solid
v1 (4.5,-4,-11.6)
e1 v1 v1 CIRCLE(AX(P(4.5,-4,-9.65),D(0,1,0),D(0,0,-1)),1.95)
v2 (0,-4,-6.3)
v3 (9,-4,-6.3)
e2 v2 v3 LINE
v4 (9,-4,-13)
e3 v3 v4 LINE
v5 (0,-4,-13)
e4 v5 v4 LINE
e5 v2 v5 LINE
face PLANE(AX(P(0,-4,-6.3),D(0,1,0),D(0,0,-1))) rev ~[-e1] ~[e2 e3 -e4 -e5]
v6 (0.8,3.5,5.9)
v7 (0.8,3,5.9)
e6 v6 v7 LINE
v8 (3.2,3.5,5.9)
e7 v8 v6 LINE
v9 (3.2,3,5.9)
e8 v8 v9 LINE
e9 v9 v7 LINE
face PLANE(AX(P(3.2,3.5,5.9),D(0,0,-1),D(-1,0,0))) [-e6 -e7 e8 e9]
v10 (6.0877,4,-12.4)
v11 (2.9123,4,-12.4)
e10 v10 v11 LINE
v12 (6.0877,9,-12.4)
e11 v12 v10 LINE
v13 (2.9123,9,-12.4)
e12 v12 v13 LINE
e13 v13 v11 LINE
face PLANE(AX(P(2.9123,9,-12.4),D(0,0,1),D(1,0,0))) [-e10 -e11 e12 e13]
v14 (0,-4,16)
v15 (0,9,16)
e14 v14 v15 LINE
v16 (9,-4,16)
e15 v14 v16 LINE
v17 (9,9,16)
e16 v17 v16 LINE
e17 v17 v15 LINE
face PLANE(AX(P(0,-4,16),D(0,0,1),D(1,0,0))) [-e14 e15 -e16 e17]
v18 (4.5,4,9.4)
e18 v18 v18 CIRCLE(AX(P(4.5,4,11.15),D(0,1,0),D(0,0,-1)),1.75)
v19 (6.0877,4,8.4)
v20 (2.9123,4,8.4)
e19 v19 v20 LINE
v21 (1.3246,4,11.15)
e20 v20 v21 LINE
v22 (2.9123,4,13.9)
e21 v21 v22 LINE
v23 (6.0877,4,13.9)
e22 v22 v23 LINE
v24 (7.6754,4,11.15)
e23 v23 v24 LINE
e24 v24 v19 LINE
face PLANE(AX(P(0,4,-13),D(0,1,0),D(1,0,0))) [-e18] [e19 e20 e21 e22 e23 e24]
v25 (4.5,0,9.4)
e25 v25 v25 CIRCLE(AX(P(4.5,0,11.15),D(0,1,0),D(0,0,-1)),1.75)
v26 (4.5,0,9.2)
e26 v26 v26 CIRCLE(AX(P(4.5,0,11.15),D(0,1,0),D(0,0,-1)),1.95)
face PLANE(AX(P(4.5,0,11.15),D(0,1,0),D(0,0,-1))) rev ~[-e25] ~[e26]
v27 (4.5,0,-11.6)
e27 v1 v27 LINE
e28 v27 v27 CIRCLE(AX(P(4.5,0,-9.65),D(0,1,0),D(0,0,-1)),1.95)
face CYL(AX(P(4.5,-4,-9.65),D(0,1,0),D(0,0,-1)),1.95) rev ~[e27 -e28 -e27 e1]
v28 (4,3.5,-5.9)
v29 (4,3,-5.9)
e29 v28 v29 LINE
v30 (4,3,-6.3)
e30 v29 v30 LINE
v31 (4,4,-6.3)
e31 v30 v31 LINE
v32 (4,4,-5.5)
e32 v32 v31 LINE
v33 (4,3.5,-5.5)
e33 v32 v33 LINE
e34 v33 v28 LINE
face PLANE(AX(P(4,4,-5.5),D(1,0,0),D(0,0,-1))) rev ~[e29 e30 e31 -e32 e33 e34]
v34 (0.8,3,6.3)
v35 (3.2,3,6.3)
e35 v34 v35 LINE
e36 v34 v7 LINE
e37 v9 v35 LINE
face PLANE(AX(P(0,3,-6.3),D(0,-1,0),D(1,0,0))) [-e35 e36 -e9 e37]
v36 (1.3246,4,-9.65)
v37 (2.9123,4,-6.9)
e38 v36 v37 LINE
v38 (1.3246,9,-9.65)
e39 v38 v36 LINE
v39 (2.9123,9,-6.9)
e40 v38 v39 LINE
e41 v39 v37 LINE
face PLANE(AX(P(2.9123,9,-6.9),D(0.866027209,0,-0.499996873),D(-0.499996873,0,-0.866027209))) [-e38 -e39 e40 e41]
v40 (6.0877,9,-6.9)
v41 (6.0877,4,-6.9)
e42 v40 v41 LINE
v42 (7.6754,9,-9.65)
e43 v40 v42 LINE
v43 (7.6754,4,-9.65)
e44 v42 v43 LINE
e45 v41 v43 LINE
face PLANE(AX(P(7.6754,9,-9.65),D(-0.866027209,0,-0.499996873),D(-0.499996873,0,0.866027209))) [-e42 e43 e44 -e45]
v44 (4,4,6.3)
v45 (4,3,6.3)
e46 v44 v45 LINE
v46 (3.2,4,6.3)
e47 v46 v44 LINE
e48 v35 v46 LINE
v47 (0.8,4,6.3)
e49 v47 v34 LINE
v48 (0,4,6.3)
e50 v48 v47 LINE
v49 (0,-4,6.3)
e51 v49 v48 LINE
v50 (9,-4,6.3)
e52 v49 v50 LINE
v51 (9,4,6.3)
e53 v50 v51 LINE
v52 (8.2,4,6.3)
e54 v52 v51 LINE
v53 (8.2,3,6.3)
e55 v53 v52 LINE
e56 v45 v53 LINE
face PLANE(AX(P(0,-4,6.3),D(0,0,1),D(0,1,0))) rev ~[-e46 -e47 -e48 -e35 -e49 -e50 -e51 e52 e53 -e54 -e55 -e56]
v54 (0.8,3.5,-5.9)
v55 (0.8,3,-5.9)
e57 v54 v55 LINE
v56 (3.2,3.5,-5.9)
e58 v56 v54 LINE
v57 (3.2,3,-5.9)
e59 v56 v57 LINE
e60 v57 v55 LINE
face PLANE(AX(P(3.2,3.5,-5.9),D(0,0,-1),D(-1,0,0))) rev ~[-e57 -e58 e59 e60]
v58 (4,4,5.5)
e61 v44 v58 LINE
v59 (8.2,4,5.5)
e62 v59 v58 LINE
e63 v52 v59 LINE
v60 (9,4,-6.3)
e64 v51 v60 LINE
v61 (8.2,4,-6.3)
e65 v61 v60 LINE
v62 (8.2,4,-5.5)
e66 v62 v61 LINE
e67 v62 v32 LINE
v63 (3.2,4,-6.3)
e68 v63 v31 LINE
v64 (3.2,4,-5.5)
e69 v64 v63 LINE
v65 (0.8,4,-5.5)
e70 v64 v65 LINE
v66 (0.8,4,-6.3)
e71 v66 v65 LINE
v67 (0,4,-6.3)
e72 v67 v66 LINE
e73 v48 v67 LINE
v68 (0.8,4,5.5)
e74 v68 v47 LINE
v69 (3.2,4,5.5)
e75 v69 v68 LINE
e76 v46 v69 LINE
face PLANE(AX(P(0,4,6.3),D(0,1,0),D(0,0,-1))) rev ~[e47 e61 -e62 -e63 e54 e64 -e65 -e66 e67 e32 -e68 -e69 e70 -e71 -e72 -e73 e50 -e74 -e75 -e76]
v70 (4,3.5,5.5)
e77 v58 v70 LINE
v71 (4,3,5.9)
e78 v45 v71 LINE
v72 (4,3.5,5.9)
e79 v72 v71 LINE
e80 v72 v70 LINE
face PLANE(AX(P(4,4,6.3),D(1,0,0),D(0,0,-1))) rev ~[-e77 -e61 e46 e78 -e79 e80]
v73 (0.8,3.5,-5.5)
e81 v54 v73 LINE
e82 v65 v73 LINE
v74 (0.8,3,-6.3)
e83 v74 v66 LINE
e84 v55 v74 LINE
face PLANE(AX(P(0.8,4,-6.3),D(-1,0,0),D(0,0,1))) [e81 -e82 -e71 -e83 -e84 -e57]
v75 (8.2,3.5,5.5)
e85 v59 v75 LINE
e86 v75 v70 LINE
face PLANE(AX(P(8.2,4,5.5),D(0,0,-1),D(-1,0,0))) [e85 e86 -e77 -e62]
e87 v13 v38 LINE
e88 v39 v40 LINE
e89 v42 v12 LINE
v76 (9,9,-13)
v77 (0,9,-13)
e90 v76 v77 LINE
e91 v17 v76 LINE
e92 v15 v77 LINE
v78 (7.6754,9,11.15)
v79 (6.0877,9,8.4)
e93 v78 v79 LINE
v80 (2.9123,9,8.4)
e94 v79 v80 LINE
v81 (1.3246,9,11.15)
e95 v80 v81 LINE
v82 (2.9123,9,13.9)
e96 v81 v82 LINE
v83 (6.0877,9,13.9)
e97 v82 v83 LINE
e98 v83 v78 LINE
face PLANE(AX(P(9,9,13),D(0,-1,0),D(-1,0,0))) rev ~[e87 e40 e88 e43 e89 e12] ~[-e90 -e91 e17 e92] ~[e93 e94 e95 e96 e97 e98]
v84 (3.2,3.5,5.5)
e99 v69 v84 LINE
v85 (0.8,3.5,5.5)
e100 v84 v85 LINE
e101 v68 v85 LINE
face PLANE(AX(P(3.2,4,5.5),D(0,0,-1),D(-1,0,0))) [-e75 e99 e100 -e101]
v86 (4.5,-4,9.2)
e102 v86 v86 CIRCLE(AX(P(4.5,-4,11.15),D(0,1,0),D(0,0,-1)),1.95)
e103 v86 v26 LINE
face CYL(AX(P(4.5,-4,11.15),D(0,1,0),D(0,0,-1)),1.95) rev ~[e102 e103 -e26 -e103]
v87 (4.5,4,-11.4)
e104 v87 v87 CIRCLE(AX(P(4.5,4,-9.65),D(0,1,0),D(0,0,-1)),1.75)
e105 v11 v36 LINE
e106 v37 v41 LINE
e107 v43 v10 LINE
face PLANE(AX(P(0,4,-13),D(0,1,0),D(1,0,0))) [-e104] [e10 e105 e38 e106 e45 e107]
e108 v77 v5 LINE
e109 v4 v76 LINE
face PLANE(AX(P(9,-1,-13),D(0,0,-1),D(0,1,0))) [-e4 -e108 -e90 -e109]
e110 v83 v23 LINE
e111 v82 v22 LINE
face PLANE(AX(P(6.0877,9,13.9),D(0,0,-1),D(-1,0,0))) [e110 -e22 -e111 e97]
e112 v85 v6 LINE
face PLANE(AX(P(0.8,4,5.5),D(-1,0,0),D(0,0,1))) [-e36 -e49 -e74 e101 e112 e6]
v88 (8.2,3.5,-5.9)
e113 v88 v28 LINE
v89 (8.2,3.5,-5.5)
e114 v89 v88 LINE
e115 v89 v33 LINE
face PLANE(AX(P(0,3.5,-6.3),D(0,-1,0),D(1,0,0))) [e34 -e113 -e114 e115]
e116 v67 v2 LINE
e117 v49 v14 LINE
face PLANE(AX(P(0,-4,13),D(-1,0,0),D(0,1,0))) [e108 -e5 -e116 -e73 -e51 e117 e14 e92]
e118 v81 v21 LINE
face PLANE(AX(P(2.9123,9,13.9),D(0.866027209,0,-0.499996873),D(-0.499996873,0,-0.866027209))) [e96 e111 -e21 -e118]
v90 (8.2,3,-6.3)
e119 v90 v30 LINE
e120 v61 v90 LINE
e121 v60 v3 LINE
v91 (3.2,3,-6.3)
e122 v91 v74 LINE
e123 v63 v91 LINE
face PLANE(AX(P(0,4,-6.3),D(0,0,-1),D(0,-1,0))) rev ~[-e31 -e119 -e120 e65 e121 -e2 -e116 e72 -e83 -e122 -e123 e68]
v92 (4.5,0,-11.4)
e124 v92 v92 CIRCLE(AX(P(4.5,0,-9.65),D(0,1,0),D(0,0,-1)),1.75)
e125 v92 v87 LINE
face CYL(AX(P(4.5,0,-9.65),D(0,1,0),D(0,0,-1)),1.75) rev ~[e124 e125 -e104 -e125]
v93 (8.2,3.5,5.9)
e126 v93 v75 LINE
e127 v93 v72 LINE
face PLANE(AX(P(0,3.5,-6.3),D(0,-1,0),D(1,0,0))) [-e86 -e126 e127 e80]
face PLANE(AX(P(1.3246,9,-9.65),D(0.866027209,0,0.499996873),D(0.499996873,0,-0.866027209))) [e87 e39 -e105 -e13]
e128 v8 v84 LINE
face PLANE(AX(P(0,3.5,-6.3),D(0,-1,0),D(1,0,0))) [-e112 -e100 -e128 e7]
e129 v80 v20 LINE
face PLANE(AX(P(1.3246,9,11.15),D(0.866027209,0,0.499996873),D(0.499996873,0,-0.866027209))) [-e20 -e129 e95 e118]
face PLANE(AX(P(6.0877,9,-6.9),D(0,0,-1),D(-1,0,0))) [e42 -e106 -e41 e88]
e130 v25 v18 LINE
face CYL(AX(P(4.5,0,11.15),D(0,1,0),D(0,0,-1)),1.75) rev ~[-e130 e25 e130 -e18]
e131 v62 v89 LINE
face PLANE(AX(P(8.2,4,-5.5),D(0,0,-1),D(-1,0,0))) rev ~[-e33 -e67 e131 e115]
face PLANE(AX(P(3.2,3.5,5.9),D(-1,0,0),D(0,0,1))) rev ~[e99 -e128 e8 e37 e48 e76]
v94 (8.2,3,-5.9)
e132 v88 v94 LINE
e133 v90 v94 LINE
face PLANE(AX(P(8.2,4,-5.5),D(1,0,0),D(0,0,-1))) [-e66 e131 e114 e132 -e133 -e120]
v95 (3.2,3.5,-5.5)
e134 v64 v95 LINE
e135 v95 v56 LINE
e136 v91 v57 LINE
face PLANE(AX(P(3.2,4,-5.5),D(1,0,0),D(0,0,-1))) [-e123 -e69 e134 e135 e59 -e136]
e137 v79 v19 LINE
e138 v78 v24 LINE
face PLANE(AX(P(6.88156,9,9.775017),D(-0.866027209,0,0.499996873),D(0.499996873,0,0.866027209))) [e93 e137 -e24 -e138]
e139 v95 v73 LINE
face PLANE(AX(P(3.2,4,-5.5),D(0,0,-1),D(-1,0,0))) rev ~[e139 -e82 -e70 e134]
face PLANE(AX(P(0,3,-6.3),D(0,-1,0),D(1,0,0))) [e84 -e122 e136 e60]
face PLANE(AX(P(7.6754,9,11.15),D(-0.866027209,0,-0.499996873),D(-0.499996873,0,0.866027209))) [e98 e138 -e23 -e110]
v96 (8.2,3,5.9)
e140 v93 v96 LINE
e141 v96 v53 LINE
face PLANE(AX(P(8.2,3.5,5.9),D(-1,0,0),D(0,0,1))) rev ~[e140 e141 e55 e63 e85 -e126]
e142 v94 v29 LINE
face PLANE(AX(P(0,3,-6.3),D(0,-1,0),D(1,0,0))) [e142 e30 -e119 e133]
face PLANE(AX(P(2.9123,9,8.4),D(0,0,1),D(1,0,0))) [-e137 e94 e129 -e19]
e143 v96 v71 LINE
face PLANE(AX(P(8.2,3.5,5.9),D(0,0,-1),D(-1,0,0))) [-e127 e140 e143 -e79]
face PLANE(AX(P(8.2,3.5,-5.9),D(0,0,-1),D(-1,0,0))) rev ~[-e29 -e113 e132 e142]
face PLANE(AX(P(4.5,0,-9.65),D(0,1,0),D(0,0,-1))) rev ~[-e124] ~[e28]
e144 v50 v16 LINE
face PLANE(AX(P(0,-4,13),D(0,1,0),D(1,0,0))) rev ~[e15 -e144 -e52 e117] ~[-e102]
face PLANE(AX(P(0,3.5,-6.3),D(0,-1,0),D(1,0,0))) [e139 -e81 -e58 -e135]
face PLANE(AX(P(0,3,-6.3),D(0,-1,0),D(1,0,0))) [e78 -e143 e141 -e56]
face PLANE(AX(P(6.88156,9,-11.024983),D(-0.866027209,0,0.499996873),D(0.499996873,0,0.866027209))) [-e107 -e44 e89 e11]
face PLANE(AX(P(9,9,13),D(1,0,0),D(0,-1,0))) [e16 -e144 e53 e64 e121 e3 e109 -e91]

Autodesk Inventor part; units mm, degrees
ref_plane "YZ Plane" through (0, 0, 0) normal (1, 0, 0) x (0, 1, 0)
ref_plane "XZ Plane" through (0, 0, 0) normal (0, 1, 0) x (-1, 0, 0)
ref_plane "XY Plane" through (0, 0, 0) normal (0, 0, 1) x (1, 0, 0)
sketch "Szkic1" plane through (0, 0, 0) normal (1, 0, 0) x (0, 1, 0)
  line L0 (-4, 6.3) -> (4, 6.3)
  line L1 (4, 6.3) -> (4, -6.3)
  line L2 (4, -6.3) -> (-4, -6.3)
  line L3 (-4, 6.3) -> (-4, 13)
  line L4 (-4, -6.3) -> (-4, -13)
  line L5 (-1, -13) -> (-1, -9.3)
  line L6 (-1, -9.3) -> (7, -9.3)
  line L7 (7, -9.3) -> (7, 9.3)
  line L8 (7, 9.3) -> (-1, 9.3)
  line L9 (-1, 9.3) -> (-1, 13)
  line L10 (-4, 13) -> (-1, 13)
  line L11 (-4, -13) -> (-1, -13)
  point P0 (0, 0)
  point P1 (0, 6.3)
  point P2 (4, 0)
  dimension "d0" = 8
  dimension "d1" = 12.6
  dimension "d2" = 6.7
  dimension "d3" = 6.7
  dimension "d4" = 3
extrude "Wyciągnięcie proste1" add sketch "Szkic1" along normal blind 9
sketch "Szkic2" plane through (0, 4, -6.3) normal (0, -1, 0) x (1, 0, 0)
  line L0 (0, 12.6) -> (0, 0) projected
  line L1 (0, 0) -> (9, 0) projected
  line L2 (9, 12.6) -> (9, 0) projected
  line L3 (0, 12.6) -> (9, 12.6) projected
  line L4 (8.2, 12.6) -> (8.2, 0)
  line L5 (4, 12.6) -> (4, 0)
  line L6 (3.2, 12.6) -> (3.2, 0)
  line L7 (0.8, 0) -> (0.8, 12.6)
  line L8 (0.8, 12.6) -> (3.2, 12.6)
  line L9 (3.2, 12.6) -> (3.2, 11.8)
  line L10 (3.2, 11.8) -> (0.8, 11.8)
  line L11 (0.8, 11.8) -> (0.8, 12.6)
  line L12 (0.8, 0) -> (3.2, 0)
  line L13 (3.2, 0) -> (3.2, 0.8)
  line L14 (3.2, 0.8) -> (0.8, 0.8)
  line L15 (0.8, 0.8) -> (0.8, 0)
  line L16 (4, 12.6) -> (8.2, 12.6)
  line L17 (8.2, 12.6) -> (8.2, 11.8)
  line L18 (8.2, 11.8) -> (4, 11.8)
  line L19 (4, 11.8) -> (4, 12.6)
  line L20 (4, 0) -> (8.2, 0)
  line L21 (8.2, 0) -> (8.2, 0.8)
  line L22 (8.2, 0.8) -> (4, 0.8)
  line L23 (4, 0.8) -> (4, 0)
  point P0 (0, 6.3)
  point P1 (4, 0.8)
  point P2 (0.8, 0.8)
  point P3 (0.8, 11.8)
  dimension "d7" = 0.8
  dimension "d8" = 4.2
  dimension "d9" = 0.8
  dimension "d10" = 2.4
  dimension "d11" = 0.8
  dimension "d12" = 0.8
  dimension "d13" = 0.8
  dimension "d14" = 0.8
extrude "Wyciągnięcie proste2" add sketch "Szkic2" along normal blind 0.5 contours L3 L6 L10 L7 | L7 L14 L6 L1 | L3 L4 L18 L5 | L5 L22 L4 L1
sketch "Szkic3" plane through (0, 3.5, -6.3) normal (0, -1, 0) x (1, 0, 0)
  line L0 (8.2, 11.8) -> (8.2, 12.6) projected
  line L1 (4, 12.6) -> (8.2, 12.6) projected
  line L2 (4, 12.6) -> (4, 11.8) projected
  line L3 (4, 11.8) -> (8.2, 11.8) projected
  line L4 (3.2, 11.8) -> (3.2, 12.6) projected
  line L5 (0.8, 12.6) -> (3.2, 12.6) projected
  line L6 (0.8, 12.6) -> (0.8, 11.8) projected
  line L7 (0.8, 11.8) -> (3.2, 11.8) projected
  line L8 (0.8, 0.8) -> (0.8, 0) projected
  line L9 (3.2, 0) -> (0.8, 0) projected
  line L10 (3.2, 0) -> (3.2, 0.8) projected
  line L11 (3.2, 0.8) -> (0.8, 0.8) projected
  line L12 (4, 0.8) -> (4, 0) projected
  line L13 (8.2, 0) -> (4, 0) projected
  line L14 (8.2, 0) -> (8.2, 0.8) projected
  line L15 (8.2, 0.8) -> (4, 0.8) projected
  line L16 (8.2, 12.6) -> (8.2, 11.8) projected
  line L17 (8.2, 12.2) -> (0.8, 12.2)
  line L18 (8.2, 0.4) -> (0.8, 0.4)
  point P0 (0, 6.3)
  point P1 (4, 0.4)
  point P2 (3.2, 0.4)
  point P3 (4, 12.2)
  point P4 (3.2, 12.2)
extrude "Wyciągnięcie proste3" add sketch "Szkic3" along normal blind 0.5 contours L17 L6 L5 L4 | L17 L2 L1 L0 | L18 L14 L13 L12 | L18 L10 L9 L8
sketch "Szkic4" plane through (9, 0, 0) normal (1, 0, 0) x (0, 0, -1)
  line L0 (-6.3, -4) -> (-6.3, 4) projected
  line L1 (-6.3, 4) -> (6.3, 4) projected
  line L2 (6.3, 4) -> (6.3, -4) projected
  line L3 (6.3, -4) -> (13, -4) projected
  line L4 (13, -4) -> (13, -1) projected
  line L5 (13, -1) -> (9.3, -1) projected
  line L6 (9.3, -1) -> (9.3, 7) projected
  line L7 (9.3, 7) -> (-9.3, 7) projected
  line L8 (-9.3, 7) -> (-9.3, -1) projected
  line L9 (-9.3, -1) -> (-13, -1) projected
  line L10 (-13, -1) -> (-13, -4) projected
  line L11 (-13, -4) -> (-6.3, -4) projected
  line L12 (-13, -1) -> (13, -1)
  line L13 (13, -1) -> (13, 9)
  line L14 (13, 9) -> (-13, 9)
  line L15 (-13, 9) -> (-13, -1)
  point P0 (0, 0)
  dimension "d19" = 10
extrude "Wyciągnięcie proste4" add sketch "Szkic4" against normal up to surface (9 mm away) contours L9 L15 L14 L13 L5 L6 L7 L8
sketch "Szkic5" plane through (0, -4, 13) normal (0, 0, 1) x (1, 0, 0)
  line L0 (0, 0) -> (0, 13) projected
  line L1 (0, 0) -> (9, 0) projected
  line L2 (9, 13) -> (9, 0) projected
  line L3 (9, 13) -> (0, 13) projected
  point P0 (0, 4)
extrude "Wyciągnięcie proste5" add sketch "Szkic5" along normal blind 3
sketch "Szkic6" plane through (0, -4, -13) normal (0, -1, 0) x (1, 0, 0)
  line L0 (0, 0) -> (9, 0) projected
  line L1 (0, 6.7) -> (9, 6.7) projected
  line L2 (0, 19.3) -> (9, 19.3) projected
  line L3 (0, 29) -> (9, 29) projected
  line L4 (4.5, 0) -> (4.5, 6.7) construction
  line L5 (4.5, 19.3) -> (4.5, 29) construction
  point P0 (0, 13)
  point P1 (4.5, 3.35)
  point P2 (4.5, 24.15)
hole "Otwór1" at (4.5, -4, -9.65) at (4.5, -4, 11.15) direction (0, 1, 0) diameter 3.5 depth 8 counterbore diameter 3.9 counterbore depth 4
sketch "Szkic7" plane through (0, 9, -13) normal (0, 1, 0) x (1, 0, 0)
  circle A0 centre (4.5, -3.35) radius 1.75 projected
  circle A1 centre (4.5, -24.15) radius 1.75 projected
  circle A2 centre (4.5, -3.35) radius 2.75
  circle A3 centre (4.5, -24.15) radius 2.75
  line L0 (6.0877, -0.6) -> (7.6754, -3.35)
  line L1 (7.6754, -3.35) -> (6.0877, -6.1)
  line L2 (6.0877, -6.1) -> (2.9123, -6.1)
  line L3 (2.9123, -6.1) -> (1.3246, -3.35)
  line L4 (1.3246, -3.35) -> (2.9123, -0.6)
  line L5 (2.9123, -0.6) -> (6.0877, -0.6)
  line L6 (2.9123, -26.9) -> (1.3246, -24.15)
  line L7 (1.3246, -24.15) -> (2.9123, -21.4)
  line L8 (2.9123, -21.4) -> (6.0877, -21.4)
  line L9 (6.0877, -21.4) -> (7.6754, -24.15)
  line L10 (7.6754, -24.15) -> (6.0877, -26.9)
  line L11 (6.0877, -26.9) -> (2.9123, -26.9)
  point P0 (0, -13)
  point P1 (4.5, -0.6)
  point P2 (4.5, -26.9)
  dimension "d31" = 5.5
  dimension "d32" = 5.5
extrude "Wyciągnięcie proste6" cut sketch "Szkic7" against normal blind 5 contours A0 | A1 | A2 | A2 L0 L1 | A2 L5 L0 | L1 L2 A2 | A2 L4 L5 | L2 L3 A2 | A2 L3 L4 | A3 | A3 L9 L10 | A3 L8 L9 | L10 L11 A3 | A3 L7 L8 | L11 L6 A3 | A3 L6 L7
properties part number "motor_bracket"
